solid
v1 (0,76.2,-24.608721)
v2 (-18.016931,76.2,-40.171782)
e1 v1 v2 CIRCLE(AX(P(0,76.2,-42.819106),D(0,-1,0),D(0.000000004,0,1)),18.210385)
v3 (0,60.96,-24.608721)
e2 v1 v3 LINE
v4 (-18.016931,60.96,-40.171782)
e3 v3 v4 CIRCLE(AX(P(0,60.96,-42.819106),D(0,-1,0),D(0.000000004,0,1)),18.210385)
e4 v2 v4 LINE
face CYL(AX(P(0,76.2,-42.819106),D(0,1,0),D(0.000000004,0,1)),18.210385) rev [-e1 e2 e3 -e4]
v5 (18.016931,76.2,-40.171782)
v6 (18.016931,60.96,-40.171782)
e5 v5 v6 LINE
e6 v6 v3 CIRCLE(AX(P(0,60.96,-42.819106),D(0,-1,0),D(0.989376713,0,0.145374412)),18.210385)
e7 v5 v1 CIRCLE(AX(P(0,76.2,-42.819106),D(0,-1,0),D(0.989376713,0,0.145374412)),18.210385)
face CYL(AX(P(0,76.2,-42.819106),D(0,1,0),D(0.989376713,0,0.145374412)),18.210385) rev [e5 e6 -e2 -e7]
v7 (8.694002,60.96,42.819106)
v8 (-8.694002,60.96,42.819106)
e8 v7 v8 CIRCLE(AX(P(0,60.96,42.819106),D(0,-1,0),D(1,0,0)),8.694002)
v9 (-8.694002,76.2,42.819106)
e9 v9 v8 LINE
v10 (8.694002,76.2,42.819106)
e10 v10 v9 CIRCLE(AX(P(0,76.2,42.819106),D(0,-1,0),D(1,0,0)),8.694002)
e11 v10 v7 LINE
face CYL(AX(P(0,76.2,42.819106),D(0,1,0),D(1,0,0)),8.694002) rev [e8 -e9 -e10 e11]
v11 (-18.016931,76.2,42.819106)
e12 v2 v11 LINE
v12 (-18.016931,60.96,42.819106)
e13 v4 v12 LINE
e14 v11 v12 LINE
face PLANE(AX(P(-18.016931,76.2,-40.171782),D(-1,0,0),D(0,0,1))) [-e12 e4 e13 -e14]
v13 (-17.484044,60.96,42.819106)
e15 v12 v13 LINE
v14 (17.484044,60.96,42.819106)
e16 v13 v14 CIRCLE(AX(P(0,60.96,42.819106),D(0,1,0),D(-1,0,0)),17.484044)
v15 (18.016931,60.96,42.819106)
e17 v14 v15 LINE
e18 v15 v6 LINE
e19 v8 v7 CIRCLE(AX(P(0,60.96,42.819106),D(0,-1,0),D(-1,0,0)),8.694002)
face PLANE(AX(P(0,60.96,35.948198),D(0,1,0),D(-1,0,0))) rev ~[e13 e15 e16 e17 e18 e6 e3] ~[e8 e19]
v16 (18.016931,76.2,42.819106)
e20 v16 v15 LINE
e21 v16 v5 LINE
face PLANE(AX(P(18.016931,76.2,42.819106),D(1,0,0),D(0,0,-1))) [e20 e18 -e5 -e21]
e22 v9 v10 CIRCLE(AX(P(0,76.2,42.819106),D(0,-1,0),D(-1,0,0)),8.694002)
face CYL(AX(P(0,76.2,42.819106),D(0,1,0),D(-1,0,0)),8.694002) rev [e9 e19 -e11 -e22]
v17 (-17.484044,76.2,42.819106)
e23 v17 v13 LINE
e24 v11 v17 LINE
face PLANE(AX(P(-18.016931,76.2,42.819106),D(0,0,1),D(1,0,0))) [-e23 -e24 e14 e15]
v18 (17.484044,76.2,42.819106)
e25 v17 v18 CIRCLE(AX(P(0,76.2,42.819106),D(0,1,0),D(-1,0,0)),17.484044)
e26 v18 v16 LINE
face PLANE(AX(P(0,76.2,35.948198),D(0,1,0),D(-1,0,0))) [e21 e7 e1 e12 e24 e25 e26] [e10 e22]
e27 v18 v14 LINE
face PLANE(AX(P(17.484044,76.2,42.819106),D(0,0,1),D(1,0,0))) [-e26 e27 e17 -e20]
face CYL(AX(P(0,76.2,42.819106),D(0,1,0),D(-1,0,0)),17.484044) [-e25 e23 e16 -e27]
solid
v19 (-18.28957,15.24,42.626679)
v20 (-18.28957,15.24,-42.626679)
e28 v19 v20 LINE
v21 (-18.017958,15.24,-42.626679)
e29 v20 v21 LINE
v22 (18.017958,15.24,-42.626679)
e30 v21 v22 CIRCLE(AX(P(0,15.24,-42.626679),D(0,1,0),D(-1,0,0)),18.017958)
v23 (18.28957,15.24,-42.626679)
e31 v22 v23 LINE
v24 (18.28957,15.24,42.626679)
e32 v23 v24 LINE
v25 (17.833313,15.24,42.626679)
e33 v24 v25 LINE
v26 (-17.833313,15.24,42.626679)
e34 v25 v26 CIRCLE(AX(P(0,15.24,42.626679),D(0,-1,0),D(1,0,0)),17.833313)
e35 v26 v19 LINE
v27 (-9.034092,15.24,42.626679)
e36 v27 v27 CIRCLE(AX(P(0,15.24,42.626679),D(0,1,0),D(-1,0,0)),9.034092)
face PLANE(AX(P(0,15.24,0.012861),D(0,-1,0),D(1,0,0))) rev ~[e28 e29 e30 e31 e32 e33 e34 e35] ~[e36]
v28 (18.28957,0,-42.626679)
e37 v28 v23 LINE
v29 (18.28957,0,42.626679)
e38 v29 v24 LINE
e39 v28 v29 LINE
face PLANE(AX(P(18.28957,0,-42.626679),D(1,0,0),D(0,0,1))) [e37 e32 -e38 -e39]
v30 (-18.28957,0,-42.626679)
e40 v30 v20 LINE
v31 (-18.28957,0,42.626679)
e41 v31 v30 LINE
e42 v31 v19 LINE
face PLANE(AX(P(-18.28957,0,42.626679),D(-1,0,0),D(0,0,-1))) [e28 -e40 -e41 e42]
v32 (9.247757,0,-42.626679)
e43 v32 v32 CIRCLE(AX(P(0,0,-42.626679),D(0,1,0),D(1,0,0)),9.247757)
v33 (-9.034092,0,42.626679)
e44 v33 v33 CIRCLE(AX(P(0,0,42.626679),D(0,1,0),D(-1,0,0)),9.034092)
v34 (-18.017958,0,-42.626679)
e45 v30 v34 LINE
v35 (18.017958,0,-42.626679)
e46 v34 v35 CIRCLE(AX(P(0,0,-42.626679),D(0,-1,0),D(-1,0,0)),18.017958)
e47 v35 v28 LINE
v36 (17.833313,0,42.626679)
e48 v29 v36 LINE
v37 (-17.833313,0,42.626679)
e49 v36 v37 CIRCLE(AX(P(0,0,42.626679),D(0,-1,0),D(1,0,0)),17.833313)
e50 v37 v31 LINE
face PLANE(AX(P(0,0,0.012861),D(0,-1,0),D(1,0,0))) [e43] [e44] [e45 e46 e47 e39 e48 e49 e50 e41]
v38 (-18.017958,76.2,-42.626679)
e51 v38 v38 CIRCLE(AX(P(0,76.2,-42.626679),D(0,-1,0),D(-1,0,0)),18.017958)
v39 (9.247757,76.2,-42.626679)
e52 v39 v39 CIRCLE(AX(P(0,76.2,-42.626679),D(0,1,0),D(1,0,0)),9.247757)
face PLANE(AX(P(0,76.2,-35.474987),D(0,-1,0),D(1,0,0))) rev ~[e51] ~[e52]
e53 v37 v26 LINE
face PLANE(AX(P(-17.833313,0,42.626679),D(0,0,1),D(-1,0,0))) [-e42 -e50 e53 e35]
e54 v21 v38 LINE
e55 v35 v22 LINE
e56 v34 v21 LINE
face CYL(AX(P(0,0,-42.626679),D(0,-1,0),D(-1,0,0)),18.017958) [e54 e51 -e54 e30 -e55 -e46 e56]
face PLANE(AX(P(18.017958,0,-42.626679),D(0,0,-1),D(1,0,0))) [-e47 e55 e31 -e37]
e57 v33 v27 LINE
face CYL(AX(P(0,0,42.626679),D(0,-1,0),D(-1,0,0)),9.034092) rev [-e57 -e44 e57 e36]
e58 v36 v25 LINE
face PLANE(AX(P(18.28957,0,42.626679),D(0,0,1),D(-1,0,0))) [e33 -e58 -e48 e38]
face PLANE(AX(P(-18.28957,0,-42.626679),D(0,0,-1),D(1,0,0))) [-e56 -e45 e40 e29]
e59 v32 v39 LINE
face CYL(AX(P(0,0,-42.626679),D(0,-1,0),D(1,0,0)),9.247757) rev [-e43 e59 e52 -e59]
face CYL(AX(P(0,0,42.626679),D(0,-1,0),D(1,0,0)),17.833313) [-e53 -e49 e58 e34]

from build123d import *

# Parameters (mm, degrees)
F1_DEPTH = 76.2
F2_DEPTH = 15.24
F4_DEPTH = 15.24


with BuildPart() as f1:
    # F0 (on Front) → F1 (new body)
    with BuildSketch(Plane.XZ):
        with BuildLine():
            Line((9.2477568342, -42.6266789436), (18.0179582056, -42.6266789436))
            ThreePointArc((18.0179582056, -42.6266789436), (0, -24.608720738), (-18.0179582056, -42.6266789436))
            Line((-18.0179582056, -42.6266789436), (-9.2477568342, -42.6266789436))
            ThreePointArc((-9.2477568342, -42.6266789436), (0, -33.3789221094), (9.2477568342, -42.6266789436))
        make_face()
        with BuildLine():
            ThreePointArc((-18.0179582056, -42.6266789436), (0, -60.6446371492), (18.0179582056, -42.6266789436))
            Line((18.0179582056, -42.6266789436), (9.2477568342, -42.6266789436))
            ThreePointArc((9.2477568342, -42.6266789436), (0, -51.8744357778), (-9.2477568342, -42.6266789436))
            Line((-9.2477568342, -42.6266789436), (-18.0179582056, -42.6266789436))
        make_face()
    extrude(amount=-F1_DEPTH)

    # F0 (on Front) → F2 (join)
    with BuildSketch(Plane.XZ):
        with BuildLine():
            Line((18.0179582056, -42.6266789436), (18.2895697653, -42.6266789436))
            Line((18.2895697653, -42.6266789436), (18.2895697653, 42.6266789436))
            Line((18.2895697653, 42.6266789436), (17.8333127856, 42.6266789436))
            ThreePointArc((17.8333127856, 42.6266789436), (0, 24.793366158), (-17.8333127856, 42.6266789436))
            Line((-17.8333127856, 42.6266789436), (-18.2895697653, 42.6266789436))
            Line((-18.2895697653, 42.6266789436), (-18.2895697653, -42.6266789436))
            Line((-18.2895697653, -42.6266789436), (-18.0179582056, -42.6266789436))
            ThreePointArc((-18.0179582056, -42.6266789436), (0, -24.608720738), (18.0179582056, -42.6266789436))
        make_face()
        with BuildLine():
            Line((9.0340918857, 42.6266789436), (17.8333127856, 42.6266789436))
            ThreePointArc((17.8333127856, 42.6266789436), (0, 60.4599917292), (-17.8333127856, 42.6266789436))
            Line((-17.8333127856, 42.6266789436), (-9.0340918857, 42.6266789436))
            ThreePointArc((-9.0340918857, 42.6266789436), (0, 51.6607708293), (9.0340918857, 42.6266789436))
        make_face()
        with BuildLine():
            ThreePointArc((-17.8333127856, 42.6266789436), (0, 24.793366158), (17.8333127856, 42.6266789436))
            Line((17.8333127856, 42.6266789436), (9.0340918857, 42.6266789436))
            ThreePointArc((9.0340918857, 42.6266789436), (0, 33.5925870579), (-9.0340918857, 42.6266789436))
            Line((-9.0340918857, 42.6266789436), (-17.8333127856, 42.6266789436))
        make_face()
    extrude(amount=-F2_DEPTH)


with BuildPart() as f4:
    # F3 (on face) → F4 (new body)
    with BuildSketch(Plane(origin=(0, 76.2, 0), x_dir=(-1, 0, 0), z_dir=(0, 1, 0))):
        with BuildLine():
            ThreePointArc((-17.4840441192, 42.8191055285), (0, 25.3350614092), (17.4840441192, 42.8191055285))
            Line((17.4840441192, 42.8191055285), (8.6940024007, 42.8191055285))
            ThreePointArc((8.6940024007, 42.8191055285), (0, 34.1251031278), (-8.6940024007, 42.8191055285))
            Line((-8.6940024007, 42.8191055285), (-17.4840441192, 42.8191055285))
        make_face()
        with BuildLine():
            Line((8.6940024007, 42.8191055285), (17.4840441192, 42.8191055285))
            ThreePointArc((17.4840441192, 42.8191055285), (0, 60.3031496477), (-17.4840441192, 42.8191055285))
            Line((-17.4840441192, 42.8191055285), (-8.6940024007, 42.8191055285))
            ThreePointArc((-8.6940024007, 42.8191055285), (0, 51.5131079291), (8.6940024007, 42.8191055285))
        make_face()
        with BuildLine():
            ThreePointArc((-7.63e-08, -24.608720738), (11.9039767373, -29.0381965579), (18.0169306462, -40.1717815387))
            Line((18.0169306462, -40.1717815387), (18.0169306462, 42.8191055285))
            Line((18.0169306462, 42.8191055285), (17.4840441192, 42.8191055285))
            ThreePointArc((17.4840441192, 42.8191055285), (0, 25.3350614092), (-17.4840441192, 42.8191055285))
            Line((-17.4840441192, 42.8191055285), (-18.0169306462, 42.8191055285))
            Line((-18.0169306462, 42.8191055285), (-18.0169306462, -40.1717815387))
            ThreePointArc((-18.0169306462, -40.1717815387), (-11.903976795, -29.0381966078), (-7.63e-08, -24.608720738))
        make_face()
    extrude(amount=-F4_DEPTH)


solid = Compound([f1.part, f4.part])
